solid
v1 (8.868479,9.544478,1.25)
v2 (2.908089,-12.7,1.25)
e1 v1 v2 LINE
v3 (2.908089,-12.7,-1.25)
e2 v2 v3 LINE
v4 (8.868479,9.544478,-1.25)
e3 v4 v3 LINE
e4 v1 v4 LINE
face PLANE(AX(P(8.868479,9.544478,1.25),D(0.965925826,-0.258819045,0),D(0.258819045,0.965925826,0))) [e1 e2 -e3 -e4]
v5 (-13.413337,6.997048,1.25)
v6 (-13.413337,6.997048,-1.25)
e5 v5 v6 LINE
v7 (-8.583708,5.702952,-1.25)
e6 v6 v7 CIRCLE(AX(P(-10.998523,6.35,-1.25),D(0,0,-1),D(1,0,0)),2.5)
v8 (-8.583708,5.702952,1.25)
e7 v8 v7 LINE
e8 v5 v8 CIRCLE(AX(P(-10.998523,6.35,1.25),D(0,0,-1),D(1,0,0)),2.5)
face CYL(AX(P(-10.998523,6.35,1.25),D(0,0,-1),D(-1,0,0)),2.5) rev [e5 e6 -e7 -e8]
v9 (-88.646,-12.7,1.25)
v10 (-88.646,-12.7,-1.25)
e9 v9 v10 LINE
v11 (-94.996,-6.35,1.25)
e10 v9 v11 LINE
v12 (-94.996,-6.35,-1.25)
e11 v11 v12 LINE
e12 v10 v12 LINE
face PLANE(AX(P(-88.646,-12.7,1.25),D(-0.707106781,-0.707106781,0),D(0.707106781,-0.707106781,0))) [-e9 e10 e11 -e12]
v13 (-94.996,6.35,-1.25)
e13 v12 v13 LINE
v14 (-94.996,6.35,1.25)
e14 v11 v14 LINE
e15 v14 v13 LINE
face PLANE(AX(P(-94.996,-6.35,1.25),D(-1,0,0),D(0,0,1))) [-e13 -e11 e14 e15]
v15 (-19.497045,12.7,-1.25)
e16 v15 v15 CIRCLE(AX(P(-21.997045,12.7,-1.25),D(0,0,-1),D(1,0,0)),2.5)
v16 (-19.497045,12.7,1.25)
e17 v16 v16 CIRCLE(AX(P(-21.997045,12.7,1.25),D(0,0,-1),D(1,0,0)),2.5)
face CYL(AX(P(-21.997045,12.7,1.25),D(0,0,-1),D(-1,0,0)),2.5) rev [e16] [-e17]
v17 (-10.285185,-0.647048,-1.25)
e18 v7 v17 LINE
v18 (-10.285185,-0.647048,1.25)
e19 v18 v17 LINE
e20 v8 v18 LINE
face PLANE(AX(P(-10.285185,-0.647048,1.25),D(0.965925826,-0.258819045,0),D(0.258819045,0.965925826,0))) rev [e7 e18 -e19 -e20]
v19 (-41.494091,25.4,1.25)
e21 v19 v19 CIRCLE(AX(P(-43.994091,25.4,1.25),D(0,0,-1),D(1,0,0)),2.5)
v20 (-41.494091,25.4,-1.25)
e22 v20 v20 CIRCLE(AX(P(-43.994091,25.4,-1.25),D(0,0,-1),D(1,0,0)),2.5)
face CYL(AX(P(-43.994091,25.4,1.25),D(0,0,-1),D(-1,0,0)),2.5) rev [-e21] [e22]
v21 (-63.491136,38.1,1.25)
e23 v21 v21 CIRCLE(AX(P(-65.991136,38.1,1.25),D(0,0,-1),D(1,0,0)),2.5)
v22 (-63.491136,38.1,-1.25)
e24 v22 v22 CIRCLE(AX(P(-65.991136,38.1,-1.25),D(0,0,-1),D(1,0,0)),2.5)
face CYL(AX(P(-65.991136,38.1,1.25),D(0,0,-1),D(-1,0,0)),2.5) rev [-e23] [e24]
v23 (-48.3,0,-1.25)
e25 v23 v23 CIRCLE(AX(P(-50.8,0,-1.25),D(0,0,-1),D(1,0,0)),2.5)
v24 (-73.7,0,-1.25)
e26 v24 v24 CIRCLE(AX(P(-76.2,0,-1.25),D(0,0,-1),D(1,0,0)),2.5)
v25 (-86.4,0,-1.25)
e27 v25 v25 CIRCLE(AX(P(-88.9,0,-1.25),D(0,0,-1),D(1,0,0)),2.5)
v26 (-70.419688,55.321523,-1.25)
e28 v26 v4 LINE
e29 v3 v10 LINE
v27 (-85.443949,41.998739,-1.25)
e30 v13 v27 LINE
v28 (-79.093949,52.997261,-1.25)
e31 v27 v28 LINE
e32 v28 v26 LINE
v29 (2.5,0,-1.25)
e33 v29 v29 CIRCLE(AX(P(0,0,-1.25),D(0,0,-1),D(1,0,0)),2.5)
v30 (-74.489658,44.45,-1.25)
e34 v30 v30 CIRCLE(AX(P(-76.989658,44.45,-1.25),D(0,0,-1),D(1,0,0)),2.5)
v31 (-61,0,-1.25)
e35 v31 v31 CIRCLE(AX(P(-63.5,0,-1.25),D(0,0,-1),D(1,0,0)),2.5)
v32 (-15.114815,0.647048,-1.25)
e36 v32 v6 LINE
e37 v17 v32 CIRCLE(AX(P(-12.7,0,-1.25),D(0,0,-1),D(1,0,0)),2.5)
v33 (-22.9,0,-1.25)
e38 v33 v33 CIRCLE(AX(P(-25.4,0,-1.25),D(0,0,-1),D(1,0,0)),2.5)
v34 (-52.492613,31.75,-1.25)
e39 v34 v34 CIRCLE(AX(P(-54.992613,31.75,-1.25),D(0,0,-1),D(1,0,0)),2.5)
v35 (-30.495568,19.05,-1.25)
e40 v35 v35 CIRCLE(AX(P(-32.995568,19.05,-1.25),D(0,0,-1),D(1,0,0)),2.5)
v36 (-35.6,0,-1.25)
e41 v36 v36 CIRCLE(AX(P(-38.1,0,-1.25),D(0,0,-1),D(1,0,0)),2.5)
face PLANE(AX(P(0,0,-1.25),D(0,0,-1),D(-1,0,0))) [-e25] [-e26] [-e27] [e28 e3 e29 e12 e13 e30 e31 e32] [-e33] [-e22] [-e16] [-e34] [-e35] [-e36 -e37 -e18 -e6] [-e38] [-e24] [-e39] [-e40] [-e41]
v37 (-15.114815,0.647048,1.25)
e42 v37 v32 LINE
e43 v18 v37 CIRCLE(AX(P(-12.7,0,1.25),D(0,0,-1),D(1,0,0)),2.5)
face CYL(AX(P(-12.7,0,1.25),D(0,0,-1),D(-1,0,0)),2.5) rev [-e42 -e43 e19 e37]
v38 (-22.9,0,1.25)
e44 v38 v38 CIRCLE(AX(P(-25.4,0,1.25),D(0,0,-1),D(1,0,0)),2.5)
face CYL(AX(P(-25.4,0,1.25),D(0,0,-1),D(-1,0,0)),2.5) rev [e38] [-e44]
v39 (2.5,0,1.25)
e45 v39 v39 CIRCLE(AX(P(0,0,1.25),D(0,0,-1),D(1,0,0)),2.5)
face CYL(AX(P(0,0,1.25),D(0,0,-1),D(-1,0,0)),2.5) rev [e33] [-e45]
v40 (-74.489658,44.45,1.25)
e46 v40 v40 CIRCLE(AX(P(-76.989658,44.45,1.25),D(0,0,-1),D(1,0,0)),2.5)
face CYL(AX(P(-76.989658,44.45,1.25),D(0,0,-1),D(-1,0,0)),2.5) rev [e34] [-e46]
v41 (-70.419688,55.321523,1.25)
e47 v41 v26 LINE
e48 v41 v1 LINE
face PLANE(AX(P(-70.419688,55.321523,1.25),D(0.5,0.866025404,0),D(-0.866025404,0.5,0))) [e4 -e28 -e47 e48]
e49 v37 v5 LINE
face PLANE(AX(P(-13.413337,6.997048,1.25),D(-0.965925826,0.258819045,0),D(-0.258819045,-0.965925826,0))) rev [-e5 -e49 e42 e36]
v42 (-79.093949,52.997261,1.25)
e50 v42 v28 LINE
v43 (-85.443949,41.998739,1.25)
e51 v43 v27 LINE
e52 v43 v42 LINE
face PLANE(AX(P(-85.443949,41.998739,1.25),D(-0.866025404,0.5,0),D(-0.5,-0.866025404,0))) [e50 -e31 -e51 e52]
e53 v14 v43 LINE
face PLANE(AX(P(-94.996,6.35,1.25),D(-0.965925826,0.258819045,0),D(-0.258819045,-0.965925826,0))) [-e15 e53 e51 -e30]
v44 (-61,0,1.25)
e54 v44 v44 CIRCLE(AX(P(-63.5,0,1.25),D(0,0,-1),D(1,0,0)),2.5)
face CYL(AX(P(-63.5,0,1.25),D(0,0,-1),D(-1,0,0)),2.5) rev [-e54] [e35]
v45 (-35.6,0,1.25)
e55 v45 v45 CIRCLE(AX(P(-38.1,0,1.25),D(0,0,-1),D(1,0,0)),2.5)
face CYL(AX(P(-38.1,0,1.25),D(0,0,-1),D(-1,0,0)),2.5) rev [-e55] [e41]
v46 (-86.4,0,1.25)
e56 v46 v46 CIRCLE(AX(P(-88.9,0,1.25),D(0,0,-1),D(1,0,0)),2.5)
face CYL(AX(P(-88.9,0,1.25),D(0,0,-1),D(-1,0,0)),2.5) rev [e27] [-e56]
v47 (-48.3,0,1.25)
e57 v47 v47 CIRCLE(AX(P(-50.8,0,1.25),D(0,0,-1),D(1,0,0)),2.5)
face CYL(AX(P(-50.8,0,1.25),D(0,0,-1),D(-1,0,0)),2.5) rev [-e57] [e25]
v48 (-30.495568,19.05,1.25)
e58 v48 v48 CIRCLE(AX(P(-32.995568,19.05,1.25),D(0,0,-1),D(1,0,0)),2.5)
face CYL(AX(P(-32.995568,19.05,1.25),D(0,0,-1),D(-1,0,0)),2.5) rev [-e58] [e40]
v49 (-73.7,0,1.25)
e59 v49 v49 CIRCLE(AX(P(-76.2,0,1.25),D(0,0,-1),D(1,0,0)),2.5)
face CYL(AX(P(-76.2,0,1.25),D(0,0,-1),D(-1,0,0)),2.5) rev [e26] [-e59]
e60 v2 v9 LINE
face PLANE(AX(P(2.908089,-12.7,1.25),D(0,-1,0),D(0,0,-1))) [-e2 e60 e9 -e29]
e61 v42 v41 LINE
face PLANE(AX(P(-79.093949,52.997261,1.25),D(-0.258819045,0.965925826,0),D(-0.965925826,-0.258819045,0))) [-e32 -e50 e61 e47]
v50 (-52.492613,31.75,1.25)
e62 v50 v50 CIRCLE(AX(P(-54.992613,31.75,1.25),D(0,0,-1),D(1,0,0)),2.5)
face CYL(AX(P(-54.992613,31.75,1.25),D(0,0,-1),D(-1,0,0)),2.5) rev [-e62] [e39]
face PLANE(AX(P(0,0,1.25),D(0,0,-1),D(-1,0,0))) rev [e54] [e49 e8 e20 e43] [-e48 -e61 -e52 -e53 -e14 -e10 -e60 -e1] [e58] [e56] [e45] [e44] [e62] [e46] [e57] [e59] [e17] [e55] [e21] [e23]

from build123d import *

# Parameters (mm, degrees)
SKETCH1_R           = 2.5
BOSS_EXTRUDE1_DEPTH = 2.5


with BuildPart() as part:
    # Sketch1 → Boss-Extrude1 (new body)
    with BuildSketch(Plane(origin=(0, 0, -1.25), x_dir=(-1, 0, 0), z_dir=(0, 0, -1))):
        Polygon((-2.908088852, -12.7), (88.646, -12.7), (94.996, -6.35), (94.996, 6.35), (85.443949258, 41.998738686), (79.093949258, 52.997261314), (70.419687944, 55.321522628), (-8.868478822, 9.544478202), align=None)
        with Locations((25.4, 0)):
            Circle(SKETCH1_R, mode=Mode.SUBTRACT)
        with Locations((38.1, 0)):
            Circle(SKETCH1_R, mode=Mode.SUBTRACT)
        with Locations((50.8, 0)):
            Circle(SKETCH1_R, mode=Mode.SUBTRACT)
        with Locations((63.5, 0)):
            Circle(SKETCH1_R, mode=Mode.SUBTRACT)
        Circle(SKETCH1_R, mode=Mode.SUBTRACT)
        with Locations((88.9, 0)):
            Circle(SKETCH1_R, mode=Mode.SUBTRACT)
        with Locations((76.2, 0)):
            Circle(SKETCH1_R, mode=Mode.SUBTRACT)
        with Locations((76.989658396, 44.45)):
            Circle(SKETCH1_R, mode=Mode.SUBTRACT)
        with Locations((65.991135768, 38.1)):
            Circle(SKETCH1_R, mode=Mode.SUBTRACT)
        with Locations((54.99261314, 31.75)):
            Circle(SKETCH1_R, mode=Mode.SUBTRACT)
        with Locations((43.994090512, 25.4)):
            Circle(SKETCH1_R, mode=Mode.SUBTRACT)
        with Locations((32.995567884, 19.05)):
            Circle(SKETCH1_R, mode=Mode.SUBTRACT)
        with Locations((21.997045256, 12.7)):
            Circle(SKETCH1_R, mode=Mode.SUBTRACT)
        with BuildLine():
            Line((10.285185434, -0.647047613), (8.583708062, 5.702952387))
            ThreePointArc((8.583708062, 5.702952387), (10.351475015, 8.764814566), (13.413337194, 6.997047613))
            Line((13.413337194, 6.997047613), (15.114814566, 0.647047613))
            ThreePointArc((15.114814566, 0.647047613), (13.347047613, -2.414814566), (10.285185434, -0.647047613))
        make_face(mode=Mode.SUBTRACT)
    extrude(amount=-BOSS_EXTRUDE1_DEPTH)


solid = part.part
